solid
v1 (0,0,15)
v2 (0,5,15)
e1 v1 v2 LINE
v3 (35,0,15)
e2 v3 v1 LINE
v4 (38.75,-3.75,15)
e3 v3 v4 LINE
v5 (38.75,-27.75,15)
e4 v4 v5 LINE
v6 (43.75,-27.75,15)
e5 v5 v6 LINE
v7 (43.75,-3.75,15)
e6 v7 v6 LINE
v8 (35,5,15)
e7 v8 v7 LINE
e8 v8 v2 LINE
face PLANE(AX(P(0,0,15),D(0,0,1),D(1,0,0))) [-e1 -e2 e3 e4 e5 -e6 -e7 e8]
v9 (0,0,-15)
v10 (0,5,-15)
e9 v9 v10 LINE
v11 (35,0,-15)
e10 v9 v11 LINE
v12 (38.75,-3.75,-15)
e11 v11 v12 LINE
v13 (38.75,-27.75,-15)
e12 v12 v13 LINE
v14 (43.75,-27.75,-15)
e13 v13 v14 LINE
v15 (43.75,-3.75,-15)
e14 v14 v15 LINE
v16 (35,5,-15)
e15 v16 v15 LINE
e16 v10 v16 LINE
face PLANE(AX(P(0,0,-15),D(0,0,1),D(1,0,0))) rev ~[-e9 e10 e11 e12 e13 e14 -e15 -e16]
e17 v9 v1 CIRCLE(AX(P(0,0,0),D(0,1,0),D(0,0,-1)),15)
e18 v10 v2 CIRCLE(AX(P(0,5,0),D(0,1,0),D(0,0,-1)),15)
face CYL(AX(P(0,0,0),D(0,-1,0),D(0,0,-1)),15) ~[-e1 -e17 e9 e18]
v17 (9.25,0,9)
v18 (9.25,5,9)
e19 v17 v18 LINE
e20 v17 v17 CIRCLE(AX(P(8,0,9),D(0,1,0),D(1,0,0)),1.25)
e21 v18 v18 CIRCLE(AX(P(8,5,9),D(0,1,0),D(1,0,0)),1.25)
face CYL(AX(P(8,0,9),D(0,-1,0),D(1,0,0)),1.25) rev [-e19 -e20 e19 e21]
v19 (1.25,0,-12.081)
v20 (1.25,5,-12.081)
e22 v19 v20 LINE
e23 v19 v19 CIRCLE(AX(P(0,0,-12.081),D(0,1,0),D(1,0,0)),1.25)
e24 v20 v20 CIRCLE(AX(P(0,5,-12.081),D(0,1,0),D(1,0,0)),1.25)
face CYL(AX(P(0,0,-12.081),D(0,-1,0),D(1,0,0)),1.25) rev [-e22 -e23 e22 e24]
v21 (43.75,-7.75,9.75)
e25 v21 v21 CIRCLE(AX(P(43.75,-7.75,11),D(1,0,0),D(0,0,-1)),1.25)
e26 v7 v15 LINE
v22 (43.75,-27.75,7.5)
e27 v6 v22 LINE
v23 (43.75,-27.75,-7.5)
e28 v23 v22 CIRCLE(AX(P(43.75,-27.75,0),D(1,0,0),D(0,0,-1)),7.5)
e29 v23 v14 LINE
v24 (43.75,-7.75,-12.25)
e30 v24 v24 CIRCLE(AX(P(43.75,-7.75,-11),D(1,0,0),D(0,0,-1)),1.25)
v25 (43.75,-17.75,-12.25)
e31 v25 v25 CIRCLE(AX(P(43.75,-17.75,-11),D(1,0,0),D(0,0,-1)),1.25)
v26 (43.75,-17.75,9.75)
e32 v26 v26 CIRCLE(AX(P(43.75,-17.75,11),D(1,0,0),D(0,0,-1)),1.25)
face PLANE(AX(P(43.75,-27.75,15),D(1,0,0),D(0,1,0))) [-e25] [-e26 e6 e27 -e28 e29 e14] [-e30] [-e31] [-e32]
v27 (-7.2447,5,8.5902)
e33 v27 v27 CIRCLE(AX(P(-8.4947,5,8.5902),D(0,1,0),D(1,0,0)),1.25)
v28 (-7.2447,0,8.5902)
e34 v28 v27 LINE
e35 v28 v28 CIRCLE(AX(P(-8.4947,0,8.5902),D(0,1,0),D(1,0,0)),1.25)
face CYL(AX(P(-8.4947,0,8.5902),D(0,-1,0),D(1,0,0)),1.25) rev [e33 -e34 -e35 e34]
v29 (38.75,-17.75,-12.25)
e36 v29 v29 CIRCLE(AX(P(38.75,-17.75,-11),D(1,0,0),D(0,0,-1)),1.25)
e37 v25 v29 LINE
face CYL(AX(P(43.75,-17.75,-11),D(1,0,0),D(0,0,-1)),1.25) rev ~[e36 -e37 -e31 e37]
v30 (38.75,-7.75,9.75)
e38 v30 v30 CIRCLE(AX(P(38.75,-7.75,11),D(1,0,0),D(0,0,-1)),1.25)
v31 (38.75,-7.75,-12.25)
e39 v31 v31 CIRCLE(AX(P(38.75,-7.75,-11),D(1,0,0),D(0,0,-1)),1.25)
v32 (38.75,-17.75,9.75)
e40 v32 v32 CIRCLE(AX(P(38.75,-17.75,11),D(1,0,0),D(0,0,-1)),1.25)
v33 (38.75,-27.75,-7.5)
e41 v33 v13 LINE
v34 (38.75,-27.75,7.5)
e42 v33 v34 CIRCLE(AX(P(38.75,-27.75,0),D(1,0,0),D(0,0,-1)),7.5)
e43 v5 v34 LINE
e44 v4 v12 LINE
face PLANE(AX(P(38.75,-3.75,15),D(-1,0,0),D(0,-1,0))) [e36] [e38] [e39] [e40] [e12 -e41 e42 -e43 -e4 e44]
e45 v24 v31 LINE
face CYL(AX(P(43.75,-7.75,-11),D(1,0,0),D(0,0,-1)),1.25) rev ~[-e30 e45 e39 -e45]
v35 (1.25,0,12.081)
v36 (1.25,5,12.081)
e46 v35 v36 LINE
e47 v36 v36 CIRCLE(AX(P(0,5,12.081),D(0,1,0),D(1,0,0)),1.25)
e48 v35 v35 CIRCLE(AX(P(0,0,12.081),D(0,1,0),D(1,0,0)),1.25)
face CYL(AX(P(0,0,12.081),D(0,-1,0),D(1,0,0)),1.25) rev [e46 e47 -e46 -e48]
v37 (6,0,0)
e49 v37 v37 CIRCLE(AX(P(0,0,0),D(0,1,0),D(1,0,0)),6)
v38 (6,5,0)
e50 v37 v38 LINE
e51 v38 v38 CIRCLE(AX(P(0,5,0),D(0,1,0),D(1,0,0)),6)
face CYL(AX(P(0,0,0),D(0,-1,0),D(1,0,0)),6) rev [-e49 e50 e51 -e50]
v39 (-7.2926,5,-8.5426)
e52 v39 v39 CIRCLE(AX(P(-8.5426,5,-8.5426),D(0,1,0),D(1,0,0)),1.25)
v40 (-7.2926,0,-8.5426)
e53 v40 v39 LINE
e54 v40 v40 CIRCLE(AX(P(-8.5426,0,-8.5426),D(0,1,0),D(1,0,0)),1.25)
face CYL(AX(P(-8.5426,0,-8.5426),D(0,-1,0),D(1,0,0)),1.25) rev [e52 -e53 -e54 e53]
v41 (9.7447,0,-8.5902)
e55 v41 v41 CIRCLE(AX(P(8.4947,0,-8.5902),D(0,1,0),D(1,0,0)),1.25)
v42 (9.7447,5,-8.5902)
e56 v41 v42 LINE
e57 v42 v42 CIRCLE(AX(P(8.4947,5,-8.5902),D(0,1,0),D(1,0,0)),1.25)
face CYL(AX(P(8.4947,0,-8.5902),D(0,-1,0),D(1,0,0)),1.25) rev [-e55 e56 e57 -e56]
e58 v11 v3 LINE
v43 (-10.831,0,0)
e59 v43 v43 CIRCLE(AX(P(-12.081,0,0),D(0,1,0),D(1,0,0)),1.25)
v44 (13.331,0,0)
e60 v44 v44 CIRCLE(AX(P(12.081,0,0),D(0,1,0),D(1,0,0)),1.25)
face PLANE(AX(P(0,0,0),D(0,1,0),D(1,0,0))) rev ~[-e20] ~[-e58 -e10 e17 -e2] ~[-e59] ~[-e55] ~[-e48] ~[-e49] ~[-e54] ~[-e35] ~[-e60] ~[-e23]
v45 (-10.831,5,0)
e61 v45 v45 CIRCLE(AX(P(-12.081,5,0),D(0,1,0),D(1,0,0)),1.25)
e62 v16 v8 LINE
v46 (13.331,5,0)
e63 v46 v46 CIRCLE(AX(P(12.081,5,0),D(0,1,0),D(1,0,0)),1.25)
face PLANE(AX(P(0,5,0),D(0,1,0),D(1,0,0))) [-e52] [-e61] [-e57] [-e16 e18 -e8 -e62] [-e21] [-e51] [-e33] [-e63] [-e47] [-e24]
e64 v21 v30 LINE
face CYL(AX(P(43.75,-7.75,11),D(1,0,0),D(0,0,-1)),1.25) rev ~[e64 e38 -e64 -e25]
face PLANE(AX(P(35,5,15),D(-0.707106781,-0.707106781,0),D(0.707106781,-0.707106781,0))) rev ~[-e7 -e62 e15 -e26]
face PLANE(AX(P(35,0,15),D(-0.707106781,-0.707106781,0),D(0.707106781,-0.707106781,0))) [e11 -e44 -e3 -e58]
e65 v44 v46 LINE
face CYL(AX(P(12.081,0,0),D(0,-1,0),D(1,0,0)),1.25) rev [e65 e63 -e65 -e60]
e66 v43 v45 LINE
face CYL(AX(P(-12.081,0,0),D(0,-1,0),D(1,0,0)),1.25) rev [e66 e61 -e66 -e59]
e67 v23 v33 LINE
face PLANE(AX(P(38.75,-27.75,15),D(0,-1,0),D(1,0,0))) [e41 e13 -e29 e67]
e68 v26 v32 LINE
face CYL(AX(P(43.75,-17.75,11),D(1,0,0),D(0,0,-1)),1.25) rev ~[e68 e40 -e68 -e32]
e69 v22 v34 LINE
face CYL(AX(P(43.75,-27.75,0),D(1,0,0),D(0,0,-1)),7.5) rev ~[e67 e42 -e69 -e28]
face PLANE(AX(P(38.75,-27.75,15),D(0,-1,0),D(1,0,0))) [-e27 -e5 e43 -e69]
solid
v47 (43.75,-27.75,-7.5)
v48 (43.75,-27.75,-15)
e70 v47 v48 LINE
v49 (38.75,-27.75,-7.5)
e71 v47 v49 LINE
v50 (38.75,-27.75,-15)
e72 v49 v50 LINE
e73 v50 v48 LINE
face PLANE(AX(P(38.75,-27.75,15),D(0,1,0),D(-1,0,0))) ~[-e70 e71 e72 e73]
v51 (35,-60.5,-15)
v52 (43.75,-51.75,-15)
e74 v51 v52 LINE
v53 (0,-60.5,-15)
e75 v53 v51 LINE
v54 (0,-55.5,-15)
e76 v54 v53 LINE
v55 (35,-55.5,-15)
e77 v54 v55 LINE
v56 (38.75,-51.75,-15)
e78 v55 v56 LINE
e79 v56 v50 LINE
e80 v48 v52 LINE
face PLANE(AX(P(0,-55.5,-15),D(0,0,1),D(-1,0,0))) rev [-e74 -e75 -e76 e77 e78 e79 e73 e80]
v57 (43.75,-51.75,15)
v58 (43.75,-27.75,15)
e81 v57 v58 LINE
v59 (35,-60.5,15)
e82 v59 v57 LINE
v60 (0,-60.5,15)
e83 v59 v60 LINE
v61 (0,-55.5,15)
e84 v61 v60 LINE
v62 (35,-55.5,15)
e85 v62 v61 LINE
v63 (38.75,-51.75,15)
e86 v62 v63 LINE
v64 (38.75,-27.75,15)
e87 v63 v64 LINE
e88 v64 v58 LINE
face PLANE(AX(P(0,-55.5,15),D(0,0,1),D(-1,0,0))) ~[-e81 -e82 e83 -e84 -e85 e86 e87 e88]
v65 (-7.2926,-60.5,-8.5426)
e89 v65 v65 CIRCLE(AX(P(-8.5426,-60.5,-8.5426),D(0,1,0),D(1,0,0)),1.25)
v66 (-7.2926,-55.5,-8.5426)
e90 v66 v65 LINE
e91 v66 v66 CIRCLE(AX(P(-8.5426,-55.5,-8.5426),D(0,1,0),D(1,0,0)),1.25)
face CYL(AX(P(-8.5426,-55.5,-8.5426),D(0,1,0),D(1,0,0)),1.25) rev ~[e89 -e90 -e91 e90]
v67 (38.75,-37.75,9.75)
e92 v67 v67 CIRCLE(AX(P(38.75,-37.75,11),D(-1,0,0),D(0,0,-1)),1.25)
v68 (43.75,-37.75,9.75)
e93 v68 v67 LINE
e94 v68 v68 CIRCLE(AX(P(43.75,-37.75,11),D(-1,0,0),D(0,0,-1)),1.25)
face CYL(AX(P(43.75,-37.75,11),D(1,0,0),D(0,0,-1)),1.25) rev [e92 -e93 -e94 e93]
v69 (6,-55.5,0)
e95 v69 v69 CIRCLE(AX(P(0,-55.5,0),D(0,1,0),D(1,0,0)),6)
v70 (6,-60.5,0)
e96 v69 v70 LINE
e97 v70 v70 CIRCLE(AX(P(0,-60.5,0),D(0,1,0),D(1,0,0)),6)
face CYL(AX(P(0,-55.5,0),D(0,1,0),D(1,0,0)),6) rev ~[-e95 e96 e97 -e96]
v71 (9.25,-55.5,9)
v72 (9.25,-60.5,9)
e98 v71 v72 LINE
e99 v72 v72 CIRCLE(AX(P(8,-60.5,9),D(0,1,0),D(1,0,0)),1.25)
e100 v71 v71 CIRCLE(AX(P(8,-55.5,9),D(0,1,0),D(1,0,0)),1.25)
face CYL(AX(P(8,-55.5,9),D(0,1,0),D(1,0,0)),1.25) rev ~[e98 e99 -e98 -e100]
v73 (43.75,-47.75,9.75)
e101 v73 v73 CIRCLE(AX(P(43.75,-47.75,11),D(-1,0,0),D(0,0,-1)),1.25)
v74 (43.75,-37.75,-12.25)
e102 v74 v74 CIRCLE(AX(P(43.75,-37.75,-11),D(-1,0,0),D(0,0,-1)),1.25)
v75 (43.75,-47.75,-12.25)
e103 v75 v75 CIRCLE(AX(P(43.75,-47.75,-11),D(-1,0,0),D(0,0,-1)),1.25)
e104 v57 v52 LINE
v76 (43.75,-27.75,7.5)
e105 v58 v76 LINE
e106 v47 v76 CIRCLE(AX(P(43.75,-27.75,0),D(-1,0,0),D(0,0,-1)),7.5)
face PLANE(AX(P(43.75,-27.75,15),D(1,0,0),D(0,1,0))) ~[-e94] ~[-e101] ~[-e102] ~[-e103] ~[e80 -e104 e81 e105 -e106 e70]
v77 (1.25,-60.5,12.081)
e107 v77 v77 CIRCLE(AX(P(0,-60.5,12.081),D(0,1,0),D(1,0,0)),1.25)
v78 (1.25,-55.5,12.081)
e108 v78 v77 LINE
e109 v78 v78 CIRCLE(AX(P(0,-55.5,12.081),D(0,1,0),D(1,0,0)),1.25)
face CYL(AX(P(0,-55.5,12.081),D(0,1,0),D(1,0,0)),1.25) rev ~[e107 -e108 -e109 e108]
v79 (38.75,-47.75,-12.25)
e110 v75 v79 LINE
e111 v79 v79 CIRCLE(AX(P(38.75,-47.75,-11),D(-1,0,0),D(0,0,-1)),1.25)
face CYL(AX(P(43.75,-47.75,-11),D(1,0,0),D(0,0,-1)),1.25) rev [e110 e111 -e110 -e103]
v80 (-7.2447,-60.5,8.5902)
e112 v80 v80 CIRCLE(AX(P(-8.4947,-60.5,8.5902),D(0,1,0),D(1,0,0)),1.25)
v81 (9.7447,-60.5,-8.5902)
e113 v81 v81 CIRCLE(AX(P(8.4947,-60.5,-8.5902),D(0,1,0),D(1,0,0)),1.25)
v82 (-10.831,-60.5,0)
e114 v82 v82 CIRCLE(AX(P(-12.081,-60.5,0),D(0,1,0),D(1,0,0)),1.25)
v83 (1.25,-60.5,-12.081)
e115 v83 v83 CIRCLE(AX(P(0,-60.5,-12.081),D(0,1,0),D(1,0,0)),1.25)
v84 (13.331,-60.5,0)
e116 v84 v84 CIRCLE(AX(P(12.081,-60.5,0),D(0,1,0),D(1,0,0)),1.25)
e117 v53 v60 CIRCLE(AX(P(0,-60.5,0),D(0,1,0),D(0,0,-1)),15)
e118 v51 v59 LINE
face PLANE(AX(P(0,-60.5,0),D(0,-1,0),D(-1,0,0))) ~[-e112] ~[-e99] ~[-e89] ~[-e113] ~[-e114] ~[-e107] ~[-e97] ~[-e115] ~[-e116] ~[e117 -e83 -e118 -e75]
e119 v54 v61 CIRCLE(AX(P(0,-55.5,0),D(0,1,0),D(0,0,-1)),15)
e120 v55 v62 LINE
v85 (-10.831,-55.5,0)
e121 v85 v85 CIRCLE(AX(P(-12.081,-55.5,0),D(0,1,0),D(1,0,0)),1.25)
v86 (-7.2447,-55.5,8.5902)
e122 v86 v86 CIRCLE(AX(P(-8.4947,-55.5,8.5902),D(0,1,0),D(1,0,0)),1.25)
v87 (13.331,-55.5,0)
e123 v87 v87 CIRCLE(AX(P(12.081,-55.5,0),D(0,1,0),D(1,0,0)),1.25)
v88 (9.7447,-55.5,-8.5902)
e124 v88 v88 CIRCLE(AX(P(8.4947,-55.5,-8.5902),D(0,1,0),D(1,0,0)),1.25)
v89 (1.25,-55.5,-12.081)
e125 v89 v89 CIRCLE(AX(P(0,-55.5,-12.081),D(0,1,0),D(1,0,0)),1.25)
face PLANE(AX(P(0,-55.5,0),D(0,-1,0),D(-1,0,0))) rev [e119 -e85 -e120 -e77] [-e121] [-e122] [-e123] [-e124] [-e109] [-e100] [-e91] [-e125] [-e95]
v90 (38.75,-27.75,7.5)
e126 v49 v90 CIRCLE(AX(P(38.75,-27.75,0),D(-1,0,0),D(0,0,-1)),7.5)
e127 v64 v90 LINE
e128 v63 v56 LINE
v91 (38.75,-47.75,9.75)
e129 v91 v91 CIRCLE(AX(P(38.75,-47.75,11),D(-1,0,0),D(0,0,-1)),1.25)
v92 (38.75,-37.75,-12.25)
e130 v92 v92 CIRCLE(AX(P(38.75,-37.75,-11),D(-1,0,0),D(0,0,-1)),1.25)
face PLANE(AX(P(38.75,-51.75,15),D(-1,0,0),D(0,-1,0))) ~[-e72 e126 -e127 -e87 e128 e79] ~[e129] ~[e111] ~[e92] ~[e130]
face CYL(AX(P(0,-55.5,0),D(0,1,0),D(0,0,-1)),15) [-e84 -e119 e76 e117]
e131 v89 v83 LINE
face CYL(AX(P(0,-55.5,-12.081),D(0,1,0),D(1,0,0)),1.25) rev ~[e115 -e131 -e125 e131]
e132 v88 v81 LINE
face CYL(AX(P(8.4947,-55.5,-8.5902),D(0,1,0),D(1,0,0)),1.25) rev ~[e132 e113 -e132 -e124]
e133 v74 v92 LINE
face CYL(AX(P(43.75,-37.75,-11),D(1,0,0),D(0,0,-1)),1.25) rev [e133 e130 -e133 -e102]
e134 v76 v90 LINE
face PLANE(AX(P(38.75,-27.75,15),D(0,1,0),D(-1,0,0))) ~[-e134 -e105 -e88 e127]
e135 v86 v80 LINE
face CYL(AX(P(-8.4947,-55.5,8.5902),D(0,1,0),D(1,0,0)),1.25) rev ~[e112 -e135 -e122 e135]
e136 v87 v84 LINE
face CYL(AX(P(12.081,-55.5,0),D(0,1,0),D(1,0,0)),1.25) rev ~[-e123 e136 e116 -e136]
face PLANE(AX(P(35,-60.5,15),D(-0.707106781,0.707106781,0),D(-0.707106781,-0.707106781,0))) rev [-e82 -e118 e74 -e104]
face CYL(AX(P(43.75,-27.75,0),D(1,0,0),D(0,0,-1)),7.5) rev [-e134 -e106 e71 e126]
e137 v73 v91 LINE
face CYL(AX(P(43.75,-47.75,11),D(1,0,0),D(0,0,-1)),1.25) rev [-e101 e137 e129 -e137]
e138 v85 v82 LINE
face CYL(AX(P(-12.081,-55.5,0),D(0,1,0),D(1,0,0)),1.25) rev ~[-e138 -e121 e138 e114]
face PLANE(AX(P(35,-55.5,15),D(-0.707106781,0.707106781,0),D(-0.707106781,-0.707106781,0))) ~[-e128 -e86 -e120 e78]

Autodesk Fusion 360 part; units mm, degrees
sketch "Sketch1" plane through (0, 0, 0) normal (0, 1, 0) x (1, 0, 0)
  circle A0 centre (0, 0) radius 6
  line L0 (0, 15) -> (35, 15)
  line L1 (35, 15) -> (35, -15)
  line L2 (35, -15) -> (0, -15)
  arc A1 (0, 15) -> (0, -15) centre (0, 0) ccw
  circle A2 centre (-12.081, 0) radius 1.25
  circle A3 centre (0, 12.081) radius 1.25
  circle A4 centre (0, -12.081) radius 1.25
  circle A5 centre (12.081, 0) radius 1.25
  circle A6 centre (8.4947, 8.5902) radius 1.25
  circle A7 centre (-8.5426, 8.5426) radius 1.25
  circle A8 centre (-8.4947, -8.5902) radius 1.25
  circle A9 centre (8, -9) radius 1.25
  dimension "d2" = 30
  dimension "d3" = 12
  dimension "d4" = 2.5
  dimension "d6" = 35
  dimension "d7" = 12.081
  dimension "d8" = 2.5
  dimension "d9" = 2.5
  dimension "d10" = 2.5
  dimension "d11" = 12.081
  dimension "d12" = 12.081
  dimension "d13" = 12.081
  dimension "d14" = 2.5
  dimension "d15" = 2.5
  dimension "d16" = 12.081
  dimension "d17" = 12.081
  dimension "d18" = 2.5
  dimension "d19" = 2.5
  dimension "d20" = 12.081
  dimension "d21" = 9.184
extrude "Extrude1" add sketch "Sketch1" along normal blind 5 makes body 1
sketch "Sketch2" plane through (0, 0, 15) normal (0, 0, 1) x (1, 0, 0)
  line L0 (0, 0) -> (35, 0)
  line L1 (35, 0) -> (35, 5)
  line L2 (35, 5) -> (0, 5)
  line L3 (0, 5) -> (0, 0)
  line L4 (35, 5) -> (43.75, -3.75)
  line L5 (35, 5) -> (49.1421, 5) construction
  line L6 (35, 0) -> (43.75, -8.75)
  line L7 (35, 0) -> (47.3744, 0) construction
  line L8 (43.75, -3.75) -> (43.75, -8.75)
  dimension "d26" = 45
  dimension "d27" = 8.75
  dimension "d28" = 45
extrude "Extrude2" add sketch "Sketch2" against normal blind 30 contours L1 L4 L6 L8 bodies 1
sketch "Sketch3" plane through (0, 0, 15) normal (0, 0, 1) x (1, 0, 0)
  line L0 (0, 0) -> (35, 0)
  line L1 (35, 0) -> (43.75, -8.75)
  line L2 (43.75, -8.75) -> (43.75, -3.75)
  line L3 (43.75, -3.75) -> (35, 5)
  line L4 (35, 5) -> (0, 5)
  line L5 (0, 5) -> (0, 0)
  line L6 (43.75, -3.75) -> (38.75, -3.75)
  line L7 (38.75, -3.75) -> (38.75, -27.75)
  line L8 (38.75, -27.75) -> (43.75, -27.75)
  line L9 (43.75, -27.75) -> (43.75, -3.75)
  dimension "d31" = 5
  dimension "d32" = 24
extrude "Extrude3" add sketch "Sketch3" against normal blind 30 contours L1 L7 L8 L9 bodies 1
sketch "Sketch5" plane through (43.75, 0, 0) normal (1, 0, 0) x (0, 0, -1)
  line L0 (-15, -3.75) -> (-15, -27.75)
  line L1 (-15, -27.75) -> (15, -27.75)
  line L2 (15, -27.75) -> (15, -3.75)
  line L3 (15, -3.75) -> (-15, -3.75)
  circle A0 centre (-11, -7.75) radius 1.25
  circle A1 centre (11, -7.75) radius 1.25
  circle A2 centre (-11, -17.75) radius 1.25
  circle A3 centre (11, -17.75) radius 1.25
  circle A4 centre (0, -27.75) radius 7.5
  dimension "d53" = 2.5
  dimension "d54" = 2.5
  dimension "d55" = 2.5
  dimension "d56" = 2.5
  dimension "d57" = 15
  dimension "d58" = 4
  dimension "d59" = 4
  dimension "d60" = 4
  dimension "d61" = 10
  dimension "d62" = 4
  dimension "d63" = 4
  dimension "d64" = 10
  dimension "d65" = 4
extrude "Extrude5" cut sketch "Sketch5" against normal blind 5 contours L1 A4 | A0 | A1 | A2 | A3 picked at (-0.5563, -25.3127) bodies 1
ref_plane "WorkPlane2" through (38.75, -27.75, 15) normal (0, -1, 0) x (1, 0, 0)
mirror "Mirror2" about plane through (38.75, -27.75, 15) normal (0, -1, 0) of bodies 1 makes body 2
